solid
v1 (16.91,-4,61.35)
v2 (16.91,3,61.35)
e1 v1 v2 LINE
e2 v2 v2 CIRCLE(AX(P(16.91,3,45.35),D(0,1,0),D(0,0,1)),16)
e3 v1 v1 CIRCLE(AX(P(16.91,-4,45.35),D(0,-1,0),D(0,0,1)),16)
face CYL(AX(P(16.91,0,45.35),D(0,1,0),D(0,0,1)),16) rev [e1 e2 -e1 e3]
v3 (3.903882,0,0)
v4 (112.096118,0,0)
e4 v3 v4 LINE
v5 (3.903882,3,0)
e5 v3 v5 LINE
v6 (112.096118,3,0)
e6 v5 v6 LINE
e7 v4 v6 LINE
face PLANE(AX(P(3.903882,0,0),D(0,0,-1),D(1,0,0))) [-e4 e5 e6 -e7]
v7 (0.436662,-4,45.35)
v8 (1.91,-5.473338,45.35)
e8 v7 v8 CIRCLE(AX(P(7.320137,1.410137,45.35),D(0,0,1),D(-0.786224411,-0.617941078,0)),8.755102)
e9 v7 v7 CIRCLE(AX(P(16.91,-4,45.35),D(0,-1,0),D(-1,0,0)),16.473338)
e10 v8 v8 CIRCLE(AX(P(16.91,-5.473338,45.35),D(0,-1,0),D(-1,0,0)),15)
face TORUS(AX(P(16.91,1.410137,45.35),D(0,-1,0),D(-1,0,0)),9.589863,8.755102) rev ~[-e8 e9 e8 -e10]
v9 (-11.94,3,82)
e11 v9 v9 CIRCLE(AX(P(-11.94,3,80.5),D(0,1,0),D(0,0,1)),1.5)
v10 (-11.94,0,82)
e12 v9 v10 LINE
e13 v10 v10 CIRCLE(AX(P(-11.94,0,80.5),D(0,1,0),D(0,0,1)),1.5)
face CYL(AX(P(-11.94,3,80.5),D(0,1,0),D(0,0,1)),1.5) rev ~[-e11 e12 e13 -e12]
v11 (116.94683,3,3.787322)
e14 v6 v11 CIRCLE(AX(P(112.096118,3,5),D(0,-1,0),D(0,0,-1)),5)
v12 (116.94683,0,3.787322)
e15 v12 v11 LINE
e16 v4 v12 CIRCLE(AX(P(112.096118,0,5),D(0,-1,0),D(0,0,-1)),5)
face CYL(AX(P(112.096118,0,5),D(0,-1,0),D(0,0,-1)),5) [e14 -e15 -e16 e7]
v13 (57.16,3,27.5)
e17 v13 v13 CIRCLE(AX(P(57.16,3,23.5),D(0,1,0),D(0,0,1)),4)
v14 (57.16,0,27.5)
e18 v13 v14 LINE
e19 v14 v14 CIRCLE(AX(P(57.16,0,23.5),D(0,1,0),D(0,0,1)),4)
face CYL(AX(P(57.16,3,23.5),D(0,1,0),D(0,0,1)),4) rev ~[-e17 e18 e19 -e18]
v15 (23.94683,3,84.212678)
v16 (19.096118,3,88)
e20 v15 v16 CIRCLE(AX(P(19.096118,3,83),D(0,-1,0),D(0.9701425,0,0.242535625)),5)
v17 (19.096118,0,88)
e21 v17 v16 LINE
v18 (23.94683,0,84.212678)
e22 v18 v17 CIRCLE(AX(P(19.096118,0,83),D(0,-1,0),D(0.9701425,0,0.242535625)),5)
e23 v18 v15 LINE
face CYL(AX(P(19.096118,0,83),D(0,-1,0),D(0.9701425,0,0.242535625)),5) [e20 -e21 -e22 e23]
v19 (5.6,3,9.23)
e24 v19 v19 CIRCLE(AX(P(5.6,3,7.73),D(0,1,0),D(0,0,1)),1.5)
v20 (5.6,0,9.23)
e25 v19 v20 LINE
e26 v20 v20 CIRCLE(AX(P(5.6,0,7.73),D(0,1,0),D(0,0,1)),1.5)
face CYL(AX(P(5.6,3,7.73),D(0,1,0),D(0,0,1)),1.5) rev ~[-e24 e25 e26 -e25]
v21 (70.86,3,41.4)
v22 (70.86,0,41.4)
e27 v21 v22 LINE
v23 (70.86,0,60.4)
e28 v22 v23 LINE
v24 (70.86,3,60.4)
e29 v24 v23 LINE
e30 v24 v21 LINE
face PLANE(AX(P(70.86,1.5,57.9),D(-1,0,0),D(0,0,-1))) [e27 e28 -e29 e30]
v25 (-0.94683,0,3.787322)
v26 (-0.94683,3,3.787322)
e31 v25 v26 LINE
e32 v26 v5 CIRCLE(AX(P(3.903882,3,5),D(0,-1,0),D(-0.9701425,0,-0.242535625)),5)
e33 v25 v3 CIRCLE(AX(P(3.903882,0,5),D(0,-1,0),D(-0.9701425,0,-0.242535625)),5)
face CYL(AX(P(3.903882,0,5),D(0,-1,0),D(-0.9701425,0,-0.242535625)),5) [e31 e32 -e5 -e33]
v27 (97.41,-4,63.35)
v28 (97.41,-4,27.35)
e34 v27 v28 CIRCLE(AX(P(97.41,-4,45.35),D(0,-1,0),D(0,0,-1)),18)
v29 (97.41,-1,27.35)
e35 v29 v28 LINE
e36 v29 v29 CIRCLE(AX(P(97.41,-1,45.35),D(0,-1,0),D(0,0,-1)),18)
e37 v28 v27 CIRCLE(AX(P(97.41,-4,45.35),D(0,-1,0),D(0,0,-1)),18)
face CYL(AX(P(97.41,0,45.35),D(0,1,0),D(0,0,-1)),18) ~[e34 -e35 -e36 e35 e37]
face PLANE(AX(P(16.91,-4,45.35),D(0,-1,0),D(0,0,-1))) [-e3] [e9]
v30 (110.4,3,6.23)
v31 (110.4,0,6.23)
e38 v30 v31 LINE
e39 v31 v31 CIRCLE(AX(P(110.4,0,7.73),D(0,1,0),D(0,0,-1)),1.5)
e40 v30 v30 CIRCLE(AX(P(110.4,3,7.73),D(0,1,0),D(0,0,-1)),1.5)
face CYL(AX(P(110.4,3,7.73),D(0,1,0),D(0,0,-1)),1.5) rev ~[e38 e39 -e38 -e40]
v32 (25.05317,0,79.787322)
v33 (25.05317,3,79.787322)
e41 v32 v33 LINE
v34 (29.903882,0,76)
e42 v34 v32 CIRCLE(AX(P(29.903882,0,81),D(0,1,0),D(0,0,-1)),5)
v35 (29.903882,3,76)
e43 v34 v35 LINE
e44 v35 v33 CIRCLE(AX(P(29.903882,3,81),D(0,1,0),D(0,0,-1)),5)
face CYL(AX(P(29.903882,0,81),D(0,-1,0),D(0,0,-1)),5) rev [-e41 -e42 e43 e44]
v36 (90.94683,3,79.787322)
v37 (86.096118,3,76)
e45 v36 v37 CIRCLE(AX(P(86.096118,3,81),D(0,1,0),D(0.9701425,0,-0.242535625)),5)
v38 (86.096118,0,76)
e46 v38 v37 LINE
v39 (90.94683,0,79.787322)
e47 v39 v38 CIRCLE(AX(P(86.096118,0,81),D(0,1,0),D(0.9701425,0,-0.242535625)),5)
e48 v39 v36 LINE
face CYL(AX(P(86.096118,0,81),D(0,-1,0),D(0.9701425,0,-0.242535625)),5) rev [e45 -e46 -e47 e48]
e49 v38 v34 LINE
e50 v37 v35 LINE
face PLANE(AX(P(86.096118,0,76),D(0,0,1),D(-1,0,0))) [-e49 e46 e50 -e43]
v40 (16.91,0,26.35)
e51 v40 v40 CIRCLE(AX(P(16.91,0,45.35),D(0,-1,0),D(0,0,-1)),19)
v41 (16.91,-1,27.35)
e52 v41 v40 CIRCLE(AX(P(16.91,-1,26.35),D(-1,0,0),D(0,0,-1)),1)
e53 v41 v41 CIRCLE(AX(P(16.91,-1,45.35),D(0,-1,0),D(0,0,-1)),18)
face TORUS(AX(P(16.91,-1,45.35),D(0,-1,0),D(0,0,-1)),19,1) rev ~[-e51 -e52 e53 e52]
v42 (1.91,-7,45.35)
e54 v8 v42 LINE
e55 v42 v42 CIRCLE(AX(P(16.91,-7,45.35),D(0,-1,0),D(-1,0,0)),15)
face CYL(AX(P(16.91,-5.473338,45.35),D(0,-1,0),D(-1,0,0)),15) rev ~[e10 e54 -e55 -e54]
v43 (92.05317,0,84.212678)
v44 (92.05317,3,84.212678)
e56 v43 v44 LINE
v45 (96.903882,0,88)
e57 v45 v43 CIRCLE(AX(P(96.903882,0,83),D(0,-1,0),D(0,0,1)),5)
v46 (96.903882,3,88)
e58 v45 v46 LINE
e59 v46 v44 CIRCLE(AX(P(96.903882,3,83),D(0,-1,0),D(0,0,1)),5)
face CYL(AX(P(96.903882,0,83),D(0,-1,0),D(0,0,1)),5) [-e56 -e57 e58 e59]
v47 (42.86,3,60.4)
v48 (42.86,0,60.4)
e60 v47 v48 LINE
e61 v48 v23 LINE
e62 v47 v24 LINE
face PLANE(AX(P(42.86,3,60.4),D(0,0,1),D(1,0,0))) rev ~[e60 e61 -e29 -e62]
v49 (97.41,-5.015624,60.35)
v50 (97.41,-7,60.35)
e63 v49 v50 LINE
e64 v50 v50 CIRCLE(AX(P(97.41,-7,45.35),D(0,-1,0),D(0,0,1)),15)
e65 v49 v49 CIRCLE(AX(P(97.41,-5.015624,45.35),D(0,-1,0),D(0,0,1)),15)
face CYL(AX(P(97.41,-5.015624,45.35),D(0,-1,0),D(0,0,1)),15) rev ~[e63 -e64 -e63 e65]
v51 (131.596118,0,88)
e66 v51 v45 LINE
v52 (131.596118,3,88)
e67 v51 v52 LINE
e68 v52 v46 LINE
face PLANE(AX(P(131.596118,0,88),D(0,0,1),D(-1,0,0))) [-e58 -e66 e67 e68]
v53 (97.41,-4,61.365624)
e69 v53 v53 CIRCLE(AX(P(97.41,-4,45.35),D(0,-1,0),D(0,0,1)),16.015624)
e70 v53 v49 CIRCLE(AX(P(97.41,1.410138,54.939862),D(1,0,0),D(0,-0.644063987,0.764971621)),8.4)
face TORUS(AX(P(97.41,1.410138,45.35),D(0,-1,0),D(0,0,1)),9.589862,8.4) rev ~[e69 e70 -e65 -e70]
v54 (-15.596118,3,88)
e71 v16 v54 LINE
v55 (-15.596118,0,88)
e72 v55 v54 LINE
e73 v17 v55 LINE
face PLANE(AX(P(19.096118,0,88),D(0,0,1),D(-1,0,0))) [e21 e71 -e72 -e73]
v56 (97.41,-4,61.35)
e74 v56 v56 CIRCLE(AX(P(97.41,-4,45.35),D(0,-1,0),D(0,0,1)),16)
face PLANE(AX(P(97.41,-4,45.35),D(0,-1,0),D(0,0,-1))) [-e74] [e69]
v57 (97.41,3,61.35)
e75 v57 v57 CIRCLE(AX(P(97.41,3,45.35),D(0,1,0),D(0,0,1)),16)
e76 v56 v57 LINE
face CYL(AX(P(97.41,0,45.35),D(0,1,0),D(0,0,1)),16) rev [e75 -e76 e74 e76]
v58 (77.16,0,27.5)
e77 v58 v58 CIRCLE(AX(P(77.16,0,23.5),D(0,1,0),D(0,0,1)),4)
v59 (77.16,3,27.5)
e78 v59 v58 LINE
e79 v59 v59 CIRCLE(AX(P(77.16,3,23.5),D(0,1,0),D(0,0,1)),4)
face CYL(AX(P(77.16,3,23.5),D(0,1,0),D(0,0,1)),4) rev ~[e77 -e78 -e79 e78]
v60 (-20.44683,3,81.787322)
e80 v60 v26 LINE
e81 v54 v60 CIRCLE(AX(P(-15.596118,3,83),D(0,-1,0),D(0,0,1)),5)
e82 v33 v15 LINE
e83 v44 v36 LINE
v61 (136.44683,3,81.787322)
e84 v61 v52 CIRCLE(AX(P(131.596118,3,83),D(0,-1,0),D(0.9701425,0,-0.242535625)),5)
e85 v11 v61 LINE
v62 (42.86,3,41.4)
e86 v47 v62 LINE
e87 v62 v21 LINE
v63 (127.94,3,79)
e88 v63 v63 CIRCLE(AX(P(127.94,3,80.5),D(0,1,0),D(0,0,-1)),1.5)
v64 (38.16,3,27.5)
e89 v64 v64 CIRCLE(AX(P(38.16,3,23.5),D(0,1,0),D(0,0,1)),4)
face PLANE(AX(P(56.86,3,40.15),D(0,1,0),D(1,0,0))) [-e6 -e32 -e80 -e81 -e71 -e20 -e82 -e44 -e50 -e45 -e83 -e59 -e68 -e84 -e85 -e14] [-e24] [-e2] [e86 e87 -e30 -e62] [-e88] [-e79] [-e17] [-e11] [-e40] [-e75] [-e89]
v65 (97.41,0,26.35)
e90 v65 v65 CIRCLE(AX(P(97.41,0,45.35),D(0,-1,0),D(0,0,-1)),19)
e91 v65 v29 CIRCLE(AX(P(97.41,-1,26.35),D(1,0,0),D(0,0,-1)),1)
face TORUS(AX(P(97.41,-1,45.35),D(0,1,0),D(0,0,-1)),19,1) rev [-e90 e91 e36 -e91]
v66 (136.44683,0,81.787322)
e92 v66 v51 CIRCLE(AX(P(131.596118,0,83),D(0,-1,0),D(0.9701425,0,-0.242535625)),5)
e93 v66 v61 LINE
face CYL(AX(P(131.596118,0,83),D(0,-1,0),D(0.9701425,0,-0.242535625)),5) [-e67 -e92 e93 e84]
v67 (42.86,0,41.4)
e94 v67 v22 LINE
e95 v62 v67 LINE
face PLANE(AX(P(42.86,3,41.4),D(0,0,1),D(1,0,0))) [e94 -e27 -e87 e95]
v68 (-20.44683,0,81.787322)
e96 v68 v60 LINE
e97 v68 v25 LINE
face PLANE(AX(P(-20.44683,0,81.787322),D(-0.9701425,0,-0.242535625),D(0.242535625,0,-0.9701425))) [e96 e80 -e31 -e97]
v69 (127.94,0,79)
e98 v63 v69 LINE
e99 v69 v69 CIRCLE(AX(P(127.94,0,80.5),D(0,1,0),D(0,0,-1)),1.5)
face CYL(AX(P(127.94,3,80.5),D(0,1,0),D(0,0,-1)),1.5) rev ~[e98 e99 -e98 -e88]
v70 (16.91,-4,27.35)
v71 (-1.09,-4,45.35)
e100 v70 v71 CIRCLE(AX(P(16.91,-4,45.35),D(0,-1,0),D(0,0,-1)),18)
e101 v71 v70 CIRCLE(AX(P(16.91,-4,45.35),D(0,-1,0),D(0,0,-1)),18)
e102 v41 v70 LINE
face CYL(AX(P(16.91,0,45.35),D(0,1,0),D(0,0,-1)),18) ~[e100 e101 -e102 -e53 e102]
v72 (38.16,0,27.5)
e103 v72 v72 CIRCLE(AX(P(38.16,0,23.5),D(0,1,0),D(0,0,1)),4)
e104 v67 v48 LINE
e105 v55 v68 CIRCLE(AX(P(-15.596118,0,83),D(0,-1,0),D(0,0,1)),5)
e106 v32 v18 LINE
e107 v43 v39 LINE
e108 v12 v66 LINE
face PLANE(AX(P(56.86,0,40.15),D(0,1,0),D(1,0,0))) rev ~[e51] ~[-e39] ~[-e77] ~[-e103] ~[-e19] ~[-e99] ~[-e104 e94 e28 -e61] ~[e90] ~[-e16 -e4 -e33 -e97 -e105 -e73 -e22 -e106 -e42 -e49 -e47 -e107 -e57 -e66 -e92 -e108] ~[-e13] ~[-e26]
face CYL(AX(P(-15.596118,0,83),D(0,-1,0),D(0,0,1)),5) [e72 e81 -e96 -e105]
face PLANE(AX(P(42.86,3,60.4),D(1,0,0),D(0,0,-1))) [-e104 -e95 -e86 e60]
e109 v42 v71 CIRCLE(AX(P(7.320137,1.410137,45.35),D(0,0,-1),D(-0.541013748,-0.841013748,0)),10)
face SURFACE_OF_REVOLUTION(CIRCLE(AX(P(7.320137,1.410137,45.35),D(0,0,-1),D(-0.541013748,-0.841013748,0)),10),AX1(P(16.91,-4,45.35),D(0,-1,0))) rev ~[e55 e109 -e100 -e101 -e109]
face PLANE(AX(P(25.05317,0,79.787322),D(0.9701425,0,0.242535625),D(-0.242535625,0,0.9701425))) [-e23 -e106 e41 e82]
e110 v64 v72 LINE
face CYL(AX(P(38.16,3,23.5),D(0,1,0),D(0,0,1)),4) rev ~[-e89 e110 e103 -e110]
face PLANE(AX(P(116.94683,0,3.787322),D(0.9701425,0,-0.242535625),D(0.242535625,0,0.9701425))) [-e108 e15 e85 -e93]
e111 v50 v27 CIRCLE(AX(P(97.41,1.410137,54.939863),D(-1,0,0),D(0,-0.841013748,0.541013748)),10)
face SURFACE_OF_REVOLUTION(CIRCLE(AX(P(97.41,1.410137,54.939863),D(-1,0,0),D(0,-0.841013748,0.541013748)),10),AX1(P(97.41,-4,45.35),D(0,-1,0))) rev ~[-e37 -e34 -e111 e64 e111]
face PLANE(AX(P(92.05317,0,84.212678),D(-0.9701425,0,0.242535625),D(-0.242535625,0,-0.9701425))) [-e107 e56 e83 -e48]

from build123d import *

# Parameters (mm, degrees)
Y_KSEKLIK_EKSTR_ZYON1_DEPTH = 3
IZIM2_R                     = 16
KES_EKSTR_ZYON1_DEPTH       = 10
IZIM3_R                     = 1.5
KES_EKSTR_ZYON2_DEPTH       = 10
IZIM4_R                     = 4
KES_EKSTR_ZYON3_DEPTH       = 10
IZIM5_W                     = 28
IZIM5_H                     = 23
KES_EKSTR_ZYON4_DEPTH       = 10
IZIM6_W                     = 33
IZIM6_H                     = 31
KES_EKSTR_ZYON5_DEPTH       = 1.5
IZIM7_R                     = 18
IZIM7_R_2                   = 16
Y_KSEKLIK_EKSTR_ZYON2_DEPTH = 4
RADYUS1_R                   = 1
Y_KSEKLIK_EKSTR_ZYON3_START = -1.5
Y_KSEKLIK_EKSTR_ZYON3_DEPTH = 1.5
KES_EKSTR_ZYON6_DEPTH       = 4
IZIM12_W                    = 28
IZIM12_H                    = 19
KES_EKSTR_ZYON7_DEPTH       = 10
IZIM13_W                    = 33
IZIM13_H                    = 31
IZIM13_W_2                  = 28
IZIM13_H_2                  = 19
Y_KSEKLIK_EKSTR_ZYON4_DEPTH = 1.5
IZIM14_W                    = 28
IZIM14_H                    = 2.5
KES_EKSTR_ZYON8_DEPTH       = 10
IZIM15_W                    = 28
IZIM15_H                    = 2.5
Y_KSEKLIK_EKSTR_ZYON5_DEPTH = 3


with BuildPart() as part:
    # Çizim1 → Yükseklik-Ekstrüzyon1 (new body)
    with BuildSketch(Plane(origin=(0, 0, 0), x_dir=(1, 0, 0), z_dir=(0, 1, 0))):
        with BuildLine():
            Line((3.903882032, 0), (112.096117968, 0))
            ThreePointArc((112.096117968, 0), (115.173179015, -1.05897281), (116.946830469, -3.787321875))
            Line((116.946830469, -3.787321875), (136.446830469, -81.787321875))
            ThreePointArc((136.446830469, -81.787321875), (135.537145158, -86.077061047), (131.596117968, -88))
            Line((131.596117968, -88), (96.903882032, -88))
            ThreePointArc((96.903882032, -88), (93.826820985, -86.94102719), (92.053169531, -84.212678125))
            Line((92.053169531, -84.212678125), (90.946830469, -79.787321875))
            ThreePointArc((90.946830469, -79.787321875), (89.173179015, -77.05897281), (86.096117968, -76))
            Line((86.096117968, -76), (29.903882032, -76))
            ThreePointArc((29.903882032, -76), (26.826820985, -77.05897281), (25.053169531, -79.787321875))
            Line((25.053169531, -79.787321875), (23.946830469, -84.212678125))
            ThreePointArc((23.946830469, -84.212678125), (22.173179015, -86.94102719), (19.096117968, -88))
            Line((19.096117968, -88), (-15.596117968, -88))
            ThreePointArc((-15.596117968, -88), (-19.537145158, -86.077061047), (-20.446830469, -81.787321875))
            Line((-20.446830469, -81.787321875), (-0.946830469, -3.787321875))
            ThreePointArc((-0.946830469, -3.787321875), (0.826820985, -1.05897281), (3.903882032, 0))
        make_face()
    extrude(amount=Y_KSEKLIK_EKSTR_ZYON1_DEPTH)

    # Çizim2 → Kes-Ekstrüzyon1 (cut)
    with BuildSketch(Plane(origin=(0, 3, 0), x_dir=(1, 0, 0), z_dir=(0, 1, 0))):
        with Locations(Location((16.91, -45.35, 0), (0, 0, 270))):
            Circle(IZIM2_R)
        with Locations(Location((97.41, -45.35, 0), (0, 0, 270))):
            Circle(IZIM2_R)
    extrude(amount=-KES_EKSTR_ZYON1_DEPTH, mode=Mode.SUBTRACT)

    # Çizim3 → Kes-Ekstrüzyon2 (cut)
    with BuildSketch(Plane(origin=(0, 3, 0), x_dir=(1, 0, 0), z_dir=(0, 1, 0))):
        with Locations(Location((5.6, -7.73, 0), (0, 0, 270))):
            Circle(IZIM3_R)
        with Locations(Location((-11.94, -80.5, 0), (0, 0, 270))):
            Circle(IZIM3_R)
        with Locations(Location((127.94, -80.5, 0), (0, 0, 90))):
            Circle(IZIM3_R)
        with Locations(Location((110.4, -7.73, 0), (0, 0, 90))):
            Circle(IZIM3_R)
    extrude(amount=-KES_EKSTR_ZYON2_DEPTH, mode=Mode.SUBTRACT)

    # Çizim4 → Kes-Ekstrüzyon3 (cut)
    with BuildSketch(Plane(origin=(0, 3, 0), x_dir=(1, 0, 0), z_dir=(0, 1, 0))):
        with Locations(Location((38.16, -23.5, 0), (0, 0, 270))):
            Circle(IZIM4_R)
        with Locations(Location((57.16, -23.5, 0), (0, 0, 270))):
            Circle(IZIM4_R)
        with Locations(Location((77.16, -23.5, 0), (0, 0, 270))):
            Circle(IZIM4_R)
    extrude(amount=-KES_EKSTR_ZYON3_DEPTH, mode=Mode.SUBTRACT)

    # Çizim5 → Kes-Ekstrüzyon4 (cut)
    with BuildSketch(Plane(origin=(0, 3, 0), x_dir=(1, 0, 0), z_dir=(0, 1, 0))):
        with Locations((57.16, -52.3)):
            Rectangle(IZIM5_W, IZIM5_H)
    extrude(amount=-KES_EKSTR_ZYON4_DEPTH, mode=Mode.SUBTRACT)

    # Çizim6 → Kes-Ekstrüzyon5 (cut)
    with BuildSketch(Plane(origin=(0, 3, 0), x_dir=(1, 0, 0), z_dir=(0, 1, 0))):
        with Locations((57.16, -52.3)):
            Rectangle(IZIM6_W, IZIM6_H)
    extrude(amount=-KES_EKSTR_ZYON5_DEPTH, mode=Mode.SUBTRACT)

    # Çizim7 → Yükseklik-Ekstrüzyon2 (add)
    # profile 1 of 2: a face of its own
    with BuildSketch(Plane.XZ):
        with Locations(Location((97.41, 45.35, 0), (0, 0, 270))):
            Circle(IZIM7_R)
        with Locations(Location((97.41, 45.35, 0), (0, 0, 90))):
            Circle(IZIM7_R_2, mode=Mode.SUBTRACT)
    # profile 2 of 2: a face of its own
    with BuildSketch(Plane.XZ):
        with Locations(Location((16.91, 45.35, 0), (0, 0, 270))):
            Circle(IZIM7_R)
        with Locations(Location((16.91, 45.35, 0), (0, 0, 90))):
            Circle(IZIM7_R_2, mode=Mode.SUBTRACT)
    extrude(amount=Y_KSEKLIK_EKSTR_ZYON2_DEPTH)

    # Çizim8 → Döndür1 (revolve)
    with BuildSketch(Plane.XY.offset(45.35), mode=Mode.PRIVATE) as d_nd_r1_sk:
        with BuildLine():
            Line((112.41, -5.015624143), (112.41, -7))
            ThreePointArc((112.41, -7), (114.070930331, -5.660930331), (115.41, -4))
            Line((115.41, -4), (113.425624143, -4))
            ThreePointArc((113.425624143, -4), (112.939559481, -4.529559481), (112.41, -5.015624143))
        make_face()
    revolve(d_nd_r1_sk.sketch.rotate(Axis((97.41, -4, 45.35), (0, -1, 0)), 90), axis=Axis((97.41, -4, 45.35), (0, -1, 0)))

    # Çizim9 → Döndür2 (revolve)
    with BuildSketch(Plane.XY.offset(45.35), mode=Mode.PRIVATE) as d_nd_r2_sk:
        with BuildLine():
            Line((31.91, -5.473337822), (31.91, -7))
            ThreePointArc((31.91, -7), (33.570930331, -5.660930331), (34.91, -4))
            Line((34.91, -4), (33.383337822, -4))
            ThreePointArc((33.383337822, -4), (32.690654868, -4.780654868), (31.91, -5.473337822))
        make_face()
    revolve(d_nd_r2_sk.sketch.rotate(Axis((16.91, -4, 45.35), (0, -1, 0)), 180), axis=Axis((16.91, -4, 45.35), (0, -1, 0)))

    # Radyus1
    radyus1_edges = [part.edges().sort_by_distance(p)[0] for p in [
        (97.41, 0, 63.35),
        (16.91, 0, 63.35),
    ]]
    fillet(radyus1_edges, radius=RADYUS1_R)

    # Çizim10 → Yükseklik-Ekstrüzyon3 (add)
    with BuildSketch(Plane(origin=(0, 0, 0), x_dir=(-1, 0, 0), z_dir=(0, -1, 0)).offset(Y_KSEKLIK_EKSTR_ZYON3_START)):
        Polygon((-70.36, -40.8), (-70.36, -56.3), (-43.16, -56.3), (-43.16, -63.8), (-71.16, -63.8), (-71.16, -40.8), align=None)
    extrude(amount=Y_KSEKLIK_EKSTR_ZYON3_DEPTH)

    # Çizim11 → Kes-Ekstrüzyon6 (cut)
    with BuildSketch(Plane.XZ):
        Polygon((42.86, 40.5), (42.86, 56.3), (43.16, 56.3), (43.16, 40.8), (70.36, 40.8), (70.36, 40.5), align=None)
    extrude(amount=-KES_EKSTR_ZYON6_DEPTH, mode=Mode.SUBTRACT)

    # Çizim12 → Kes-Ekstrüzyon7 (cut)
    with BuildSketch(Plane(origin=(0, 1.5, 0), x_dir=(1, 0, 0), z_dir=(0, 1, 0))):
        with Locations((56.86, -48.4)):
            Rectangle(IZIM12_W, IZIM12_H)
    extrude(amount=-KES_EKSTR_ZYON7_DEPTH, mode=Mode.SUBTRACT)

    # Çizim13 → Yükseklik-Ekstrüzyon4 (add)
    with BuildSketch(Plane(origin=(0, 1.5, 0), x_dir=(1, 0, 0), z_dir=(0, 1, 0))):
        with Locations((57.16, -52.3)):
            Rectangle(IZIM13_W, IZIM13_H)
        with Locations((56.86, -48.4)):
            Rectangle(IZIM13_W_2, IZIM13_H_2, mode=Mode.SUBTRACT)
    extrude(amount=Y_KSEKLIK_EKSTR_ZYON4_DEPTH)

    # Çizim14 → Kes-Ekstrüzyon8 (cut)
    with BuildSketch(Plane(origin=(0, 3, 0), x_dir=(1, 0, 0), z_dir=(0, 1, 0))):
        with Locations((56.86, -59.15)):
            Rectangle(IZIM14_W, IZIM14_H)
    extrude(amount=-KES_EKSTR_ZYON8_DEPTH, mode=Mode.SUBTRACT)

    # Çizim15 → Yükseklik-Ekstrüzyon5 (add)
    with BuildSketch(Plane(origin=(0, 3, 0), x_dir=(1, 0, 0), z_dir=(0, 1, 0))):
        with Locations((56.86, -40.15)):
            Rectangle(IZIM15_W, IZIM15_H)
    extrude(amount=-Y_KSEKLIK_EKSTR_ZYON5_DEPTH)


solid = part.part
